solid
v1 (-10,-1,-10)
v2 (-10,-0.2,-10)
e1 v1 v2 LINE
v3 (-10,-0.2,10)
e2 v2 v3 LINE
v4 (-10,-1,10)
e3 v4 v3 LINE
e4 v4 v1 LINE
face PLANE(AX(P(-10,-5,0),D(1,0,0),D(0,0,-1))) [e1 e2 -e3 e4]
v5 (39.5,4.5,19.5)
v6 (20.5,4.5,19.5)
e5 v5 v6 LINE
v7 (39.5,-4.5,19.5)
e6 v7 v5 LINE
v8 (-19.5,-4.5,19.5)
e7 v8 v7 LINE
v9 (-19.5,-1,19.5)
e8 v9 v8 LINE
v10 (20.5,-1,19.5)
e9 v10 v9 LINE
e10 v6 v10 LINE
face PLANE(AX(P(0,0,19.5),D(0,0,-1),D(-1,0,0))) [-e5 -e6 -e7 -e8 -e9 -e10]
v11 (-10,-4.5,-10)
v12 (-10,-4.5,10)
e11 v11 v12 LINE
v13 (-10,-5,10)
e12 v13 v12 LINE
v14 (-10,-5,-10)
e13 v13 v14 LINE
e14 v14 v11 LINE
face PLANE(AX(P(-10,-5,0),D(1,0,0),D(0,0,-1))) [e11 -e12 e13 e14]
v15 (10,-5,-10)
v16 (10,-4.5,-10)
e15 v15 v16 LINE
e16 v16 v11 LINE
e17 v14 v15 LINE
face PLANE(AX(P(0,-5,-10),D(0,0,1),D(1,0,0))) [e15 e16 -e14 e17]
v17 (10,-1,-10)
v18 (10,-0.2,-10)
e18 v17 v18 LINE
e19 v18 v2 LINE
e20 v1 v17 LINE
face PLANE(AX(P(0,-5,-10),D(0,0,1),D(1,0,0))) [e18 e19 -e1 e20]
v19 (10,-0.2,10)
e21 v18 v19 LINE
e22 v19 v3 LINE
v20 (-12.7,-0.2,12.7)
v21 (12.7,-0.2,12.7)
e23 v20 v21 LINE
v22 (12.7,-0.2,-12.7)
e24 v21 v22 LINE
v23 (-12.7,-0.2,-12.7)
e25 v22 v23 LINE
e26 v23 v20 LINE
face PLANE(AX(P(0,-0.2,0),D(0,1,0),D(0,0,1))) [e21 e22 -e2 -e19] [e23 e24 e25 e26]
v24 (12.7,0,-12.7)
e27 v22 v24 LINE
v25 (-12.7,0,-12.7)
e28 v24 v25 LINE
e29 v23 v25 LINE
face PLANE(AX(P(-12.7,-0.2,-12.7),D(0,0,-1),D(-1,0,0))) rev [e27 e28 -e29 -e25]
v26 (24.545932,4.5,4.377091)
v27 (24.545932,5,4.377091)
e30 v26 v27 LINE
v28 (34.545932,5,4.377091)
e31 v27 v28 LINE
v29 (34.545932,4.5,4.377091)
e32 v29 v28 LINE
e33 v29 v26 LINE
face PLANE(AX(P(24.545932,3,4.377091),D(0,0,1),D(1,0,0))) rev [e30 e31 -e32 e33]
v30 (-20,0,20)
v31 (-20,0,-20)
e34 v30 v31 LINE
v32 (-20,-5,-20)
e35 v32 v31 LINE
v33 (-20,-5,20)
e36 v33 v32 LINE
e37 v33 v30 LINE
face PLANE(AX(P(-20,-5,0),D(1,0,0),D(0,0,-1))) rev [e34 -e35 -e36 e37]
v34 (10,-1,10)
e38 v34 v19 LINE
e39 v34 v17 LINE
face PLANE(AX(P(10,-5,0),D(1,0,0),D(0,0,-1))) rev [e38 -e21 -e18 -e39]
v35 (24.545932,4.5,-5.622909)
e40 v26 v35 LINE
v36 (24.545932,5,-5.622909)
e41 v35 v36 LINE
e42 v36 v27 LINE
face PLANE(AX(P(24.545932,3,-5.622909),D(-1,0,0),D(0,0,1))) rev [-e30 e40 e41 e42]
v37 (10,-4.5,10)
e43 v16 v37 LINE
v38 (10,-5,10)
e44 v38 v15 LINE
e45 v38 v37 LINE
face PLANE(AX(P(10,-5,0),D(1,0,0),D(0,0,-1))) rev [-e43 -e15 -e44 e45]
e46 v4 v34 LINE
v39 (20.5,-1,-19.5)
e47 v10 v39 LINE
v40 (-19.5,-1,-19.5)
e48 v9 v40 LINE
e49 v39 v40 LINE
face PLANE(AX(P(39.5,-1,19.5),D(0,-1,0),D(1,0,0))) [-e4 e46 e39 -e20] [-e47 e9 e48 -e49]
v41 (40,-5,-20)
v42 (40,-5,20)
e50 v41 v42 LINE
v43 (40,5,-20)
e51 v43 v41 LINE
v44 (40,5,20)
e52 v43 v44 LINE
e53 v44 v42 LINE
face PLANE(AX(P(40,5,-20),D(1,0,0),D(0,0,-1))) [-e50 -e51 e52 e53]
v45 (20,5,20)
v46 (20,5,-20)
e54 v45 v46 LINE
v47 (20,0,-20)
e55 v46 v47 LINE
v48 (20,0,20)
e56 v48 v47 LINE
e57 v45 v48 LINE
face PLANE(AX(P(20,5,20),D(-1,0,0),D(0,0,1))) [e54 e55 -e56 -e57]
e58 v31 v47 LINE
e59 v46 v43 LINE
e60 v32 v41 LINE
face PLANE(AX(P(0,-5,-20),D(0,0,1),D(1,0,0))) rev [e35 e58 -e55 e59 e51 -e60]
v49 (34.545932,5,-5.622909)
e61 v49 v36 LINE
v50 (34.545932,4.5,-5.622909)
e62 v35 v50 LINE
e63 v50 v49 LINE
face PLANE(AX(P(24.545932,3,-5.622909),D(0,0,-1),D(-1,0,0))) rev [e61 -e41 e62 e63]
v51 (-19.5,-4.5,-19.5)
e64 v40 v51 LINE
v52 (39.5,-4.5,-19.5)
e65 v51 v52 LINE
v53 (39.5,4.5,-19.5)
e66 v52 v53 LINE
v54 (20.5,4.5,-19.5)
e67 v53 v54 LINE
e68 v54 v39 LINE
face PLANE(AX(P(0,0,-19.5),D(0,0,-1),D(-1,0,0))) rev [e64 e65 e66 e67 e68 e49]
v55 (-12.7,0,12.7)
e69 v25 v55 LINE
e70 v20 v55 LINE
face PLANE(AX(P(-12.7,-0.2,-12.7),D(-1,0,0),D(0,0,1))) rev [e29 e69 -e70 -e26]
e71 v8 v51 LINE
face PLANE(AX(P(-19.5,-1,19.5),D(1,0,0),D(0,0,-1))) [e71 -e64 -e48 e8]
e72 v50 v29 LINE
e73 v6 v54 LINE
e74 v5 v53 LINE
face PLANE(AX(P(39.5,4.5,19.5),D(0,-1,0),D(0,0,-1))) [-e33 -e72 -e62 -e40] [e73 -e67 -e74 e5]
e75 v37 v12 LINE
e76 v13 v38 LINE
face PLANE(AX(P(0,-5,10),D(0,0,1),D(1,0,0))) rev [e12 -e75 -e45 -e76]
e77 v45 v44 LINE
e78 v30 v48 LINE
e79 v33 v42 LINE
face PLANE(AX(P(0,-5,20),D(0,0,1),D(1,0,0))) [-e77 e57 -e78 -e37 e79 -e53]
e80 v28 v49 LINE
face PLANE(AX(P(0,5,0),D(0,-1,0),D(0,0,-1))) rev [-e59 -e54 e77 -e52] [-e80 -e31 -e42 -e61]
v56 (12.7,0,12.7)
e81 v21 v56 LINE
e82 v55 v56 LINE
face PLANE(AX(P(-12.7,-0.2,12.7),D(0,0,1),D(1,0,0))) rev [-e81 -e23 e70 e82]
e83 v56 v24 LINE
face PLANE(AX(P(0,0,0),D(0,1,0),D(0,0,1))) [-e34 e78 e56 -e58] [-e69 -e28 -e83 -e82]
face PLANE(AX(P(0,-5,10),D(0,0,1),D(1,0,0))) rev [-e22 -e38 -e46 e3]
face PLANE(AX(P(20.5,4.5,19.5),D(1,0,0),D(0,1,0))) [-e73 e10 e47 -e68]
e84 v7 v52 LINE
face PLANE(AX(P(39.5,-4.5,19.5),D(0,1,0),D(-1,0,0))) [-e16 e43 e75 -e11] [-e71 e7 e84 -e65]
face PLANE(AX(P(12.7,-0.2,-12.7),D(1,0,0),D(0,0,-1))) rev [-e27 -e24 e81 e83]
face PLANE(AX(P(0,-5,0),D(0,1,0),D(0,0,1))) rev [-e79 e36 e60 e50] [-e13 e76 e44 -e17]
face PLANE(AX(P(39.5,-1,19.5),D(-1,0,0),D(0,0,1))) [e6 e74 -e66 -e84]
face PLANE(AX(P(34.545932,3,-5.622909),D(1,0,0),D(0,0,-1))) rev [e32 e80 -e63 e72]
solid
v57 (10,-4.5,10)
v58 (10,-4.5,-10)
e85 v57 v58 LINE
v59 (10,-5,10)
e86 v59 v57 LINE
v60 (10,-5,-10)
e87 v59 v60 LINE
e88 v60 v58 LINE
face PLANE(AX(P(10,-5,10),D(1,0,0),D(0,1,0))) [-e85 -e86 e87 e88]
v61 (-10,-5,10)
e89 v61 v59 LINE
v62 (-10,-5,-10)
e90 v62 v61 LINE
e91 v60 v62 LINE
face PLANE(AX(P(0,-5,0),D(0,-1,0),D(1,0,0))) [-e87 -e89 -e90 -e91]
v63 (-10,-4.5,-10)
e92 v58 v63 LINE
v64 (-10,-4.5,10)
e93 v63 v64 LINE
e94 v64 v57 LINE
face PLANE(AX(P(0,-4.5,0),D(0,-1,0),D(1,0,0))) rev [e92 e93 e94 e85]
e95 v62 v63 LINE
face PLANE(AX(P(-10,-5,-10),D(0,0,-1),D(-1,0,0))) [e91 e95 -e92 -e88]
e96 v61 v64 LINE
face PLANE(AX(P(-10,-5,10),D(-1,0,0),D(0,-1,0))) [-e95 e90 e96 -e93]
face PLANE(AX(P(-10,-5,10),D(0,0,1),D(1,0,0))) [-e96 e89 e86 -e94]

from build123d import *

# Parameters (mm, degrees)
SKETCH1_W                = 40
SKETCH1_H                = 40
SKETCH1_W_2              = 20
SKETCH1_H_2              = 20
BOSS_EXTRUDE1_DEPTH      = 5
BOSS_EXTRUDE2_DEPTH      = 5
BOSS_EXTRUDE2_DEPTH_BACK = 5
SKETCH1_4_W              = 20
SKETCH1_4_H              = 40
SKETCH2_W                = 25.4
SKETCH2_H                = 25.4
CUT_EXTRUDE1_DEPTH       = 0.2
CUT_EXTRUDE2_DEPTH       = 19.5
CUT_EXTRUDE2_DEPTH_BACK  = 19.5
SKETCH3_W                = 59
SKETCH3_H                = 3.5
CUT_EXTRUDE3_DEPTH       = 19.5
CUT_EXTRUDE3_DEPTH_BACK  = 19.5
SKETCH4_W                = 10
SKETCH4_H                = 10
CUT_EXTRUDE4_DEPTH       = 2
SKETCH7_W                = 20
SKETCH7_H                = 20
BOSS_EXTRUDE3_DEPTH      = 0.5


with BuildPart() as part:
    # Sketch1 → Boss-Extrude1 (new body)
    with BuildSketch(Plane(origin=(0, 0, 0), x_dir=(1, 0, 0), z_dir=(0, 1, 0))):
        Rectangle(SKETCH1_W, SKETCH1_H)
        Rectangle(SKETCH1_W_2, SKETCH1_H_2, mode=Mode.SUBTRACT)
    extrude(amount=-BOSS_EXTRUDE1_DEPTH)

    # Sketch1<4> → Boss-Extrude2 (add, two sides: drawn at the far end of the back side and taken through both)
    with BuildSketch(Plane(origin=(0, 0, 0), x_dir=(1, 0, 0), z_dir=(0, 1, 0)).offset(-BOSS_EXTRUDE2_DEPTH_BACK)):
        with Locations((30, 0)):
            Rectangle(SKETCH1_4_W, SKETCH1_4_H)
    extrude(amount=BOSS_EXTRUDE2_DEPTH + BOSS_EXTRUDE2_DEPTH_BACK)

    # Sketch2 → Cut-Extrude1 (cut)
    with BuildSketch(Plane(origin=(0, 0, 0), x_dir=(1, 0, 0), z_dir=(0, 1, 0))):
        Rectangle(SKETCH2_W, SKETCH2_H)
    extrude(amount=-CUT_EXTRUDE1_DEPTH, mode=Mode.SUBTRACT)

    # Sketch3 → Cut-Extrude2 (cut, two sides: drawn at the far end of the back side and taken through both)
    with BuildSketch(Plane.XY.offset(-CUT_EXTRUDE2_DEPTH_BACK)):
        with Locations((10, -2.75)):
            Rectangle(SKETCH3_W, SKETCH3_H)
    extrude(amount=CUT_EXTRUDE2_DEPTH + CUT_EXTRUDE2_DEPTH_BACK, mode=Mode.SUBTRACT)

    # Sketch5 → Cut-Extrude3 (cut, two sides: drawn at the far end of the back side and taken through both)
    with BuildSketch(Plane.XY.offset(-CUT_EXTRUDE3_DEPTH_BACK)):
        Polygon((39.5, -4.5), (20.5, -4.5), (20, -4.5), (20, -1), (20.5, -1), (20.5, 4.5), (39.5, 4.5), align=None)
    extrude(amount=CUT_EXTRUDE3_DEPTH + CUT_EXTRUDE3_DEPTH_BACK, mode=Mode.SUBTRACT)

    # Sketch4 → Cut-Extrude4 (cut)
    with BuildSketch(Plane(origin=(0, 5, 0), x_dir=(1, 0, 0), z_dir=(0, 1, 0))):
        with Locations((29.545931586, 0.622908533)):
            Rectangle(SKETCH4_W, SKETCH4_H)
    extrude(amount=-CUT_EXTRUDE4_DEPTH, mode=Mode.SUBTRACT)


with BuildPart() as body_2:
    # Sketch7 → Boss-Extrude3 (new body)
    with BuildSketch(Plane(origin=(0, -4.5, 0), x_dir=(1, 0, 0), z_dir=(0, 1, 0))):
        Rectangle(SKETCH7_W, SKETCH7_H)
    extrude(amount=-BOSS_EXTRUDE3_DEPTH)


solid = Compound([part.part, body_2.part])
